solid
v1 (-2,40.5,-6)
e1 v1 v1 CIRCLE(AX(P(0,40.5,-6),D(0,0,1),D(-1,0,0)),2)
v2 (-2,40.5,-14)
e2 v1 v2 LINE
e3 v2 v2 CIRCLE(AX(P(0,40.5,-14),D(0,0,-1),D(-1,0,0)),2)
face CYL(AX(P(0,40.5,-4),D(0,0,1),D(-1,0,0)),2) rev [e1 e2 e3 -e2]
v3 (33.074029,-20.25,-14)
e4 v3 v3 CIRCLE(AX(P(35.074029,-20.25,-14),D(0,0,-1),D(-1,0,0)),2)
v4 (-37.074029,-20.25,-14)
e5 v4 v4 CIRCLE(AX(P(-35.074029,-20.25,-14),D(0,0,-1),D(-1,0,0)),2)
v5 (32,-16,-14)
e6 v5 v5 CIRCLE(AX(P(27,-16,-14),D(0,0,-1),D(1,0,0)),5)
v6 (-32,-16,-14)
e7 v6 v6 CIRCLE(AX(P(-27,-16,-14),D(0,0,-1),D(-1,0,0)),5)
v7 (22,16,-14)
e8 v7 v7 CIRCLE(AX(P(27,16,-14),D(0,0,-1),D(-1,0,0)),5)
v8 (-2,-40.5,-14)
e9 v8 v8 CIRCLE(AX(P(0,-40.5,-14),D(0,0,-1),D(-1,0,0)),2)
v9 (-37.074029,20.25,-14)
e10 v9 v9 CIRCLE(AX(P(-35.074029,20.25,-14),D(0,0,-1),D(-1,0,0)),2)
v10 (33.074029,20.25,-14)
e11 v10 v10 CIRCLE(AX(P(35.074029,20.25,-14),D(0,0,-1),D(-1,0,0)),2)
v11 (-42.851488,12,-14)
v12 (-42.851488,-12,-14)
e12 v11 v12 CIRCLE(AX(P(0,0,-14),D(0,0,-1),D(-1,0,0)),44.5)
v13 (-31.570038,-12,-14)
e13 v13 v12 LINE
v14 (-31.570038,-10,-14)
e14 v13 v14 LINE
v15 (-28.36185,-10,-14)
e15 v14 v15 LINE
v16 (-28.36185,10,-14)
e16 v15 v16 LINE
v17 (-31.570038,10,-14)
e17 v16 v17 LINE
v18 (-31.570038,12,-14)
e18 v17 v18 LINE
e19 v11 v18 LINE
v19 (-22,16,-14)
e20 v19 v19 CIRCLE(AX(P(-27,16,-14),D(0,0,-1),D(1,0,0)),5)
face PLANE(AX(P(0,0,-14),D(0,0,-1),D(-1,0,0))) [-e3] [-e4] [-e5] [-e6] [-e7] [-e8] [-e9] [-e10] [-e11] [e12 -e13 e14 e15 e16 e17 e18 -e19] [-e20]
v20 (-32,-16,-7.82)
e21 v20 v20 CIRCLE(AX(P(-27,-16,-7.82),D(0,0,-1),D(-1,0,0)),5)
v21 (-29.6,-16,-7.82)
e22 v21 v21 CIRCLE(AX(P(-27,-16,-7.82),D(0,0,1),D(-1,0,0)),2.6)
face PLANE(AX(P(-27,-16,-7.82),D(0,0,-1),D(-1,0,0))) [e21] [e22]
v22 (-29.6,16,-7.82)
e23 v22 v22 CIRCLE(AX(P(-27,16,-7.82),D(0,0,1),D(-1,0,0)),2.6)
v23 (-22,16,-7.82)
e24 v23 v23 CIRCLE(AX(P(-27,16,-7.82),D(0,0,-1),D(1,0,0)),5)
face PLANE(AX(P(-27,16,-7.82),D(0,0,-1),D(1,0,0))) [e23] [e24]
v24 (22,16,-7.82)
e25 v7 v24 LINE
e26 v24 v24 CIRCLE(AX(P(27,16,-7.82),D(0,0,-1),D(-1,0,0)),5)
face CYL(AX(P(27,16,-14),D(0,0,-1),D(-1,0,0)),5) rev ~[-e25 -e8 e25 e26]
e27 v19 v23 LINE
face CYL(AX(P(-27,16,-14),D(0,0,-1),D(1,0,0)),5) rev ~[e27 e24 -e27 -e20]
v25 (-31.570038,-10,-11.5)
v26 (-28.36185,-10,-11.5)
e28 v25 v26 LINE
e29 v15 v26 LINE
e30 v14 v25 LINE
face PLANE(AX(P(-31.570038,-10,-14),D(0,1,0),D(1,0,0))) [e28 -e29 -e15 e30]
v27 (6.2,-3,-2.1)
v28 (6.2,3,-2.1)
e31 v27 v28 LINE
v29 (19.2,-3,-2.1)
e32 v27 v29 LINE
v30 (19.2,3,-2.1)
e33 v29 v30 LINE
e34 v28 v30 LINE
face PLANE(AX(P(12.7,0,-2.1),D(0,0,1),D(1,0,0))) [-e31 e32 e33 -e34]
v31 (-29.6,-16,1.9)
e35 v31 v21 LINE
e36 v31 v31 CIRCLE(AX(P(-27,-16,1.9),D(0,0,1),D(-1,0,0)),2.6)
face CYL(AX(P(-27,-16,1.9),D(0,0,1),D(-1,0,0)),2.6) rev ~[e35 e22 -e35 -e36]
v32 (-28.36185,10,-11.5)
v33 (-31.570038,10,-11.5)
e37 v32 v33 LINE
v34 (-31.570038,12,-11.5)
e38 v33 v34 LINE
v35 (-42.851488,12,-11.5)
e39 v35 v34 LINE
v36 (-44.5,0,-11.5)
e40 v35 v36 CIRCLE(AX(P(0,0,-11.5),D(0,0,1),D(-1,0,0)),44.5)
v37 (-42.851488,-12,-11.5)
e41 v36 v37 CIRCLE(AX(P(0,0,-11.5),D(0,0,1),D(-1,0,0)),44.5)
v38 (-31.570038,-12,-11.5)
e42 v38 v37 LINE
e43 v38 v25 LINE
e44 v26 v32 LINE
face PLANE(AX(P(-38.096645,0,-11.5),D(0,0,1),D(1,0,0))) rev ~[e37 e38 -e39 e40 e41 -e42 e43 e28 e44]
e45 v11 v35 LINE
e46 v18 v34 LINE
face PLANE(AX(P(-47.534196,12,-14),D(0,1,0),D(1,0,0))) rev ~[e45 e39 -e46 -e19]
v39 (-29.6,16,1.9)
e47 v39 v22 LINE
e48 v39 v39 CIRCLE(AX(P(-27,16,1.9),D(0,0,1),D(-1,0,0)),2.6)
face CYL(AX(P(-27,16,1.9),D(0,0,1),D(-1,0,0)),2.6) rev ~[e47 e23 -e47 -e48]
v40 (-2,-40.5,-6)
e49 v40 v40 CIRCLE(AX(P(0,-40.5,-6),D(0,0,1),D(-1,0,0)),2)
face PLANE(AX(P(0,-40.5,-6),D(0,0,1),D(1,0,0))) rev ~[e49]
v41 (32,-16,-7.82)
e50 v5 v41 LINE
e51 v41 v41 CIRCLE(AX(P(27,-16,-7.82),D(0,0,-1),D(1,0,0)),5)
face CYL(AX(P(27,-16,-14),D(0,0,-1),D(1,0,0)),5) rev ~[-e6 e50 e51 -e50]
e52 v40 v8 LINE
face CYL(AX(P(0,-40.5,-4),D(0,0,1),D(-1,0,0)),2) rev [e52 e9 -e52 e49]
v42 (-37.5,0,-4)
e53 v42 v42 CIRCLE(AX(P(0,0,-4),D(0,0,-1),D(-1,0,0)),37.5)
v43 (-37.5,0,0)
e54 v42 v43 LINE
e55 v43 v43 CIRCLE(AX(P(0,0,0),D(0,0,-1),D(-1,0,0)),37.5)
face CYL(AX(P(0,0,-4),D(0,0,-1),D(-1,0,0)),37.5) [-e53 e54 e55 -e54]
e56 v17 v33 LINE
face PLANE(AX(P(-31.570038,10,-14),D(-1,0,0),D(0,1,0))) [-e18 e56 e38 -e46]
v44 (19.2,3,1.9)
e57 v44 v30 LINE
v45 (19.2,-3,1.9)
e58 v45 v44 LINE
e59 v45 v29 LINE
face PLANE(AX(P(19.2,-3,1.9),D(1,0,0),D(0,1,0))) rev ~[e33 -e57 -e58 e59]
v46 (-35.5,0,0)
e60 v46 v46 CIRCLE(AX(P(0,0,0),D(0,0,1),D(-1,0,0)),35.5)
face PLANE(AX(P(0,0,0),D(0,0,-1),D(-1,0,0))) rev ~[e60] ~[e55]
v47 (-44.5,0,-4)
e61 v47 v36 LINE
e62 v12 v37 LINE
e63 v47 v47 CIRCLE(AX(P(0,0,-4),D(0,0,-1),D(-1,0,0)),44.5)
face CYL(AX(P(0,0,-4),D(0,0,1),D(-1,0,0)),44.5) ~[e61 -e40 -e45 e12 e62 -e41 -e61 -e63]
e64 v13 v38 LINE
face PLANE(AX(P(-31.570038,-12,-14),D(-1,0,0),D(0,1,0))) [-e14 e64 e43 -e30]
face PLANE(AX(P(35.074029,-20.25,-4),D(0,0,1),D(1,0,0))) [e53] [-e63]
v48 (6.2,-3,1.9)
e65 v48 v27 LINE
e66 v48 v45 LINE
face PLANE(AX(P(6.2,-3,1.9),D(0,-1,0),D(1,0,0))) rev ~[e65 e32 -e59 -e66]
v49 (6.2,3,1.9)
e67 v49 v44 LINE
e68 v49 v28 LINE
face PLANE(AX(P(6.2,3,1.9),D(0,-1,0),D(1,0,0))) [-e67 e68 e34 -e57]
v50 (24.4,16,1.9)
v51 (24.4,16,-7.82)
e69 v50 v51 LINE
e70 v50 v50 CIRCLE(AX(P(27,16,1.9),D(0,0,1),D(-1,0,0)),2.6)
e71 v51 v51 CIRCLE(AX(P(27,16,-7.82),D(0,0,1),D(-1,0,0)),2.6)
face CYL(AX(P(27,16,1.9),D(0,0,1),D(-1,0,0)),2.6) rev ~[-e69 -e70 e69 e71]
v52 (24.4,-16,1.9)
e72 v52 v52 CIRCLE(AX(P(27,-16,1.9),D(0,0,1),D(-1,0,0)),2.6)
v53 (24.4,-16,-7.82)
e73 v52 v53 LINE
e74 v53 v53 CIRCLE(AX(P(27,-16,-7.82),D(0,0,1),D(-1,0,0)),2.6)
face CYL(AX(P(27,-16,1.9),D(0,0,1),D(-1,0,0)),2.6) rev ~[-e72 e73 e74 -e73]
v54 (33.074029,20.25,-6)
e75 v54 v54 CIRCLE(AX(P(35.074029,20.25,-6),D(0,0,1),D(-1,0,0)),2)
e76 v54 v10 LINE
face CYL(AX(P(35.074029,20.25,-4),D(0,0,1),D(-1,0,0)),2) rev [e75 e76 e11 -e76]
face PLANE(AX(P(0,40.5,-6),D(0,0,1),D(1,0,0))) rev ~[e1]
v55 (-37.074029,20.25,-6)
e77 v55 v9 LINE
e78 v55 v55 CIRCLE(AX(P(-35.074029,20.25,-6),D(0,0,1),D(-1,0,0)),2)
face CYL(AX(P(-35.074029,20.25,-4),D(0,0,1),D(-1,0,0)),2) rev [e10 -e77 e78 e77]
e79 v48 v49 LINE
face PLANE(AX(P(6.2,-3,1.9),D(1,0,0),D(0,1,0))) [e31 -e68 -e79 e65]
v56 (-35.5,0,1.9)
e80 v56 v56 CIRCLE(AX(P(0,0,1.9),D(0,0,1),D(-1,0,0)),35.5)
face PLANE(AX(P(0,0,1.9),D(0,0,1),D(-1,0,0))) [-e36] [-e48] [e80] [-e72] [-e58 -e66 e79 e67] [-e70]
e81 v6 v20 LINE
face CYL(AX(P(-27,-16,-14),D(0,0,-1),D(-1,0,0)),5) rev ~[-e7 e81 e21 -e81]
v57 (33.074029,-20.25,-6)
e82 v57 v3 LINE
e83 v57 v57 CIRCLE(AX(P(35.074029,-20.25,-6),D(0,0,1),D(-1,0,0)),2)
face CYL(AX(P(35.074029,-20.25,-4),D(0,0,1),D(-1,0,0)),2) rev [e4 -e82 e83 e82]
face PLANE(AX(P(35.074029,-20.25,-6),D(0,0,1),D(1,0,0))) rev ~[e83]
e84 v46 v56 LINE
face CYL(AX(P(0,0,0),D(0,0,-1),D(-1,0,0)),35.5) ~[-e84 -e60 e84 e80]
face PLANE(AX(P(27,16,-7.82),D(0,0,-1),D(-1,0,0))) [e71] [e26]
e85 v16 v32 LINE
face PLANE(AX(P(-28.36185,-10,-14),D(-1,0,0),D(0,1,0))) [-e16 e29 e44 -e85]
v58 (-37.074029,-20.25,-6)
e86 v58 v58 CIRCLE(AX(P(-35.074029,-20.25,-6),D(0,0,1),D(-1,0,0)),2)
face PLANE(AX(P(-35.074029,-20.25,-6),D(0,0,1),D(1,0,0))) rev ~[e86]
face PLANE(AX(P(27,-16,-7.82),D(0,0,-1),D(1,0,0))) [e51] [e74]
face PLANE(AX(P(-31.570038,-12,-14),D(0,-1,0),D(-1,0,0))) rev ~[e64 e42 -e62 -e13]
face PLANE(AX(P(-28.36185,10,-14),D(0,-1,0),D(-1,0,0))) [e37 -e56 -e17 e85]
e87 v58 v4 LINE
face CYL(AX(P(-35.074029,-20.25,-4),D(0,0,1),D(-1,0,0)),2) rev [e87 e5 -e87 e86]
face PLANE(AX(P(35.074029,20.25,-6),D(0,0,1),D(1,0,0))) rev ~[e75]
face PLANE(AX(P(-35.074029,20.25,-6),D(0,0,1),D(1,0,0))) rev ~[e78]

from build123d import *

# Parameters (mm, degrees)
SKETCH_1_R          = 35.5
SKETCH_1_R_2        = 2.6
EXTRUDE_2_DEPTH     = 1.9
EXTRUDE_START       = 4
SKETCH_3_R          = 37.5
SKETCH_3_R_2        = 2.6
EXTRUDE_3_DEPTH     = 4
SKETCH_2_W          = 13
SKETCH_2_H          = 6
CUT_EXTRUDE_6_DEPTH = 4
SKETCH_4_R          = 44.5
SKETCH_4_R_2        = 2
EXTRUDE_4_DEPTH     = 10
SKETCH_7_R          = 2.6
CUT_EXTRUDE_7_DEPTH = 65.910014636
SKETCH_10_R         = 5
CUT_EXTRUDE_8_DEPTH = 6.18
SKETCH_12_R         = 2
EXTRUDE_6_DEPTH     = 2
CUT_EXTRUDE_9_DEPTH = 2.5


with BuildPart() as part:
    # 草图1 → 凸台-拉伸2 (new body)
    with BuildSketch(Plane.XY):
        with Locations(Location((0, 0, 0), (0, 0, 180))):
            Circle(SKETCH_1_R)
        with Locations(Location((-27, 16, 0), (0, 0, 180))):
            Circle(SKETCH_1_R_2, mode=Mode.SUBTRACT)
        with Locations(Location((-27, -16, 0), (0, 0, 180))):
            Circle(SKETCH_1_R_2, mode=Mode.SUBTRACT)
        with Locations(Location((27, -16, 0), (0, 0, 180))):
            Circle(SKETCH_1_R_2, mode=Mode.SUBTRACT)
        with Locations(Location((27, 16, 0), (0, 0, 180))):
            Circle(SKETCH_1_R_2, mode=Mode.SUBTRACT)
    extrude(amount=EXTRUDE_2_DEPTH)

    # 草图3 → 凸台-拉伸3 (add)
    with BuildSketch(Plane(origin=(0, 0, 0), x_dir=(-1, 0, 0), z_dir=(0, 0, -1)).offset(EXTRUDE_START)):
        Circle(SKETCH_3_R)
        with Locations((27, 16)):
            Circle(SKETCH_3_R_2, mode=Mode.SUBTRACT)
        with Locations((27, -16)):
            Circle(SKETCH_3_R_2, mode=Mode.SUBTRACT)
        with Locations((-27, -16)):
            Circle(SKETCH_3_R_2, mode=Mode.SUBTRACT)
        with Locations((-27, 16)):
            Circle(SKETCH_3_R_2, mode=Mode.SUBTRACT)
    extrude(amount=-EXTRUDE_3_DEPTH)

    # 草图2 → 切除-拉伸6 (cut)
    with BuildSketch(Plane.XY.offset(1.9)):
        with Locations((12.7, 0)):
            Rectangle(SKETCH_2_W, SKETCH_2_H)
    extrude(amount=-CUT_EXTRUDE_6_DEPTH, mode=Mode.SUBTRACT)

    # 草图4 → 凸台-拉伸4 (add)
    with BuildSketch(Plane(origin=(0, 0, -4), x_dir=(-1, 0, 0), z_dir=(0, 0, -1))):
        Circle(SKETCH_4_R)
        with Locations((0, 40.5)):
            Circle(SKETCH_4_R_2, mode=Mode.SUBTRACT)
        with Locations((35.074028853, 20.25)):
            Circle(SKETCH_4_R_2, mode=Mode.SUBTRACT)
        with Locations((35.074028853, -20.25)):
            Circle(SKETCH_4_R_2, mode=Mode.SUBTRACT)
        with Locations((0, -40.5)):
            Circle(SKETCH_4_R_2, mode=Mode.SUBTRACT)
        with Locations((-35.074028853, -20.25)):
            Circle(SKETCH_4_R_2, mode=Mode.SUBTRACT)
        with Locations((-35.074028853, 20.25)):
            Circle(SKETCH_4_R_2, mode=Mode.SUBTRACT)
    extrude(amount=EXTRUDE_4_DEPTH)

    # 草图7 → 切除-拉伸7 (cut, through all)
    with BuildSketch(Plane.XY.offset(1.9)):
        with Locations(Location((27, -16, 0), (0, 0, 180))):
            Circle(SKETCH_7_R)
        with Locations(Location((27, 16, 0), (0, 0, 180))):
            Circle(SKETCH_7_R)
        with Locations(Location((-27, -16, 0), (0, 0, 180))):
            Circle(SKETCH_7_R)
        with Locations(Location((-27, 16, 0), (0, 0, 180))):
            Circle(SKETCH_7_R)
    extrude(amount=-CUT_EXTRUDE_7_DEPTH, mode=Mode.SUBTRACT)

    # 草图10 → 切除-拉伸8 (cut)
    with BuildSketch(Plane(origin=(0, 0, -14), x_dir=(-1, 0, 0), z_dir=(0, 0, -1))):
        with Locations((-27, 16)):
            Circle(SKETCH_10_R)
        with Locations(Location((27, 16, 0), (0, 0, 180))):
            Circle(SKETCH_10_R)
        with Locations((27, -16)):
            Circle(SKETCH_10_R)
        with Locations(Location((-27, -16, 0), (0, 0, 180))):
            Circle(SKETCH_10_R)
    extrude(amount=-CUT_EXTRUDE_8_DEPTH, mode=Mode.SUBTRACT)

    # 草图12 → 凸台-拉伸6 (add)
    with BuildSketch(Plane.XY.offset(-4)):
        with Locations((35.074028853, -20.25)):
            Circle(SKETCH_12_R)
        with Locations((35.074028853, 20.25)):
            Circle(SKETCH_12_R)
        with Locations((0, 40.5)):
            Circle(SKETCH_12_R)
        with Locations((-35.074028853, 20.25)):
            Circle(SKETCH_12_R)
        with Locations((-35.074028853, -20.25)):
            Circle(SKETCH_12_R)
        with Locations((0, -40.5)):
            Circle(SKETCH_12_R)
    extrude(amount=-EXTRUDE_6_DEPTH)

    # 草图13 → 切除-拉伸9 (cut)
    with BuildSketch(Plane(origin=(0, 0, -14), x_dir=(-1, 0, 0), z_dir=(0, 0, -1))):
        Polygon((47.534196194, -12), (42.851487722, -12), (36.070038026, -12), (31.570038026, -12), (31.570038026, -10), (28.361849592, -10), (28.361849592, 10), (31.570038026, 10), (31.570038026, 12), (36.070038026, 12), (42.851487722, 12), (47.534196194, 12), align=None)
    extrude(amount=-CUT_EXTRUDE_9_DEPTH, mode=Mode.SUBTRACT)


solid = part.part
